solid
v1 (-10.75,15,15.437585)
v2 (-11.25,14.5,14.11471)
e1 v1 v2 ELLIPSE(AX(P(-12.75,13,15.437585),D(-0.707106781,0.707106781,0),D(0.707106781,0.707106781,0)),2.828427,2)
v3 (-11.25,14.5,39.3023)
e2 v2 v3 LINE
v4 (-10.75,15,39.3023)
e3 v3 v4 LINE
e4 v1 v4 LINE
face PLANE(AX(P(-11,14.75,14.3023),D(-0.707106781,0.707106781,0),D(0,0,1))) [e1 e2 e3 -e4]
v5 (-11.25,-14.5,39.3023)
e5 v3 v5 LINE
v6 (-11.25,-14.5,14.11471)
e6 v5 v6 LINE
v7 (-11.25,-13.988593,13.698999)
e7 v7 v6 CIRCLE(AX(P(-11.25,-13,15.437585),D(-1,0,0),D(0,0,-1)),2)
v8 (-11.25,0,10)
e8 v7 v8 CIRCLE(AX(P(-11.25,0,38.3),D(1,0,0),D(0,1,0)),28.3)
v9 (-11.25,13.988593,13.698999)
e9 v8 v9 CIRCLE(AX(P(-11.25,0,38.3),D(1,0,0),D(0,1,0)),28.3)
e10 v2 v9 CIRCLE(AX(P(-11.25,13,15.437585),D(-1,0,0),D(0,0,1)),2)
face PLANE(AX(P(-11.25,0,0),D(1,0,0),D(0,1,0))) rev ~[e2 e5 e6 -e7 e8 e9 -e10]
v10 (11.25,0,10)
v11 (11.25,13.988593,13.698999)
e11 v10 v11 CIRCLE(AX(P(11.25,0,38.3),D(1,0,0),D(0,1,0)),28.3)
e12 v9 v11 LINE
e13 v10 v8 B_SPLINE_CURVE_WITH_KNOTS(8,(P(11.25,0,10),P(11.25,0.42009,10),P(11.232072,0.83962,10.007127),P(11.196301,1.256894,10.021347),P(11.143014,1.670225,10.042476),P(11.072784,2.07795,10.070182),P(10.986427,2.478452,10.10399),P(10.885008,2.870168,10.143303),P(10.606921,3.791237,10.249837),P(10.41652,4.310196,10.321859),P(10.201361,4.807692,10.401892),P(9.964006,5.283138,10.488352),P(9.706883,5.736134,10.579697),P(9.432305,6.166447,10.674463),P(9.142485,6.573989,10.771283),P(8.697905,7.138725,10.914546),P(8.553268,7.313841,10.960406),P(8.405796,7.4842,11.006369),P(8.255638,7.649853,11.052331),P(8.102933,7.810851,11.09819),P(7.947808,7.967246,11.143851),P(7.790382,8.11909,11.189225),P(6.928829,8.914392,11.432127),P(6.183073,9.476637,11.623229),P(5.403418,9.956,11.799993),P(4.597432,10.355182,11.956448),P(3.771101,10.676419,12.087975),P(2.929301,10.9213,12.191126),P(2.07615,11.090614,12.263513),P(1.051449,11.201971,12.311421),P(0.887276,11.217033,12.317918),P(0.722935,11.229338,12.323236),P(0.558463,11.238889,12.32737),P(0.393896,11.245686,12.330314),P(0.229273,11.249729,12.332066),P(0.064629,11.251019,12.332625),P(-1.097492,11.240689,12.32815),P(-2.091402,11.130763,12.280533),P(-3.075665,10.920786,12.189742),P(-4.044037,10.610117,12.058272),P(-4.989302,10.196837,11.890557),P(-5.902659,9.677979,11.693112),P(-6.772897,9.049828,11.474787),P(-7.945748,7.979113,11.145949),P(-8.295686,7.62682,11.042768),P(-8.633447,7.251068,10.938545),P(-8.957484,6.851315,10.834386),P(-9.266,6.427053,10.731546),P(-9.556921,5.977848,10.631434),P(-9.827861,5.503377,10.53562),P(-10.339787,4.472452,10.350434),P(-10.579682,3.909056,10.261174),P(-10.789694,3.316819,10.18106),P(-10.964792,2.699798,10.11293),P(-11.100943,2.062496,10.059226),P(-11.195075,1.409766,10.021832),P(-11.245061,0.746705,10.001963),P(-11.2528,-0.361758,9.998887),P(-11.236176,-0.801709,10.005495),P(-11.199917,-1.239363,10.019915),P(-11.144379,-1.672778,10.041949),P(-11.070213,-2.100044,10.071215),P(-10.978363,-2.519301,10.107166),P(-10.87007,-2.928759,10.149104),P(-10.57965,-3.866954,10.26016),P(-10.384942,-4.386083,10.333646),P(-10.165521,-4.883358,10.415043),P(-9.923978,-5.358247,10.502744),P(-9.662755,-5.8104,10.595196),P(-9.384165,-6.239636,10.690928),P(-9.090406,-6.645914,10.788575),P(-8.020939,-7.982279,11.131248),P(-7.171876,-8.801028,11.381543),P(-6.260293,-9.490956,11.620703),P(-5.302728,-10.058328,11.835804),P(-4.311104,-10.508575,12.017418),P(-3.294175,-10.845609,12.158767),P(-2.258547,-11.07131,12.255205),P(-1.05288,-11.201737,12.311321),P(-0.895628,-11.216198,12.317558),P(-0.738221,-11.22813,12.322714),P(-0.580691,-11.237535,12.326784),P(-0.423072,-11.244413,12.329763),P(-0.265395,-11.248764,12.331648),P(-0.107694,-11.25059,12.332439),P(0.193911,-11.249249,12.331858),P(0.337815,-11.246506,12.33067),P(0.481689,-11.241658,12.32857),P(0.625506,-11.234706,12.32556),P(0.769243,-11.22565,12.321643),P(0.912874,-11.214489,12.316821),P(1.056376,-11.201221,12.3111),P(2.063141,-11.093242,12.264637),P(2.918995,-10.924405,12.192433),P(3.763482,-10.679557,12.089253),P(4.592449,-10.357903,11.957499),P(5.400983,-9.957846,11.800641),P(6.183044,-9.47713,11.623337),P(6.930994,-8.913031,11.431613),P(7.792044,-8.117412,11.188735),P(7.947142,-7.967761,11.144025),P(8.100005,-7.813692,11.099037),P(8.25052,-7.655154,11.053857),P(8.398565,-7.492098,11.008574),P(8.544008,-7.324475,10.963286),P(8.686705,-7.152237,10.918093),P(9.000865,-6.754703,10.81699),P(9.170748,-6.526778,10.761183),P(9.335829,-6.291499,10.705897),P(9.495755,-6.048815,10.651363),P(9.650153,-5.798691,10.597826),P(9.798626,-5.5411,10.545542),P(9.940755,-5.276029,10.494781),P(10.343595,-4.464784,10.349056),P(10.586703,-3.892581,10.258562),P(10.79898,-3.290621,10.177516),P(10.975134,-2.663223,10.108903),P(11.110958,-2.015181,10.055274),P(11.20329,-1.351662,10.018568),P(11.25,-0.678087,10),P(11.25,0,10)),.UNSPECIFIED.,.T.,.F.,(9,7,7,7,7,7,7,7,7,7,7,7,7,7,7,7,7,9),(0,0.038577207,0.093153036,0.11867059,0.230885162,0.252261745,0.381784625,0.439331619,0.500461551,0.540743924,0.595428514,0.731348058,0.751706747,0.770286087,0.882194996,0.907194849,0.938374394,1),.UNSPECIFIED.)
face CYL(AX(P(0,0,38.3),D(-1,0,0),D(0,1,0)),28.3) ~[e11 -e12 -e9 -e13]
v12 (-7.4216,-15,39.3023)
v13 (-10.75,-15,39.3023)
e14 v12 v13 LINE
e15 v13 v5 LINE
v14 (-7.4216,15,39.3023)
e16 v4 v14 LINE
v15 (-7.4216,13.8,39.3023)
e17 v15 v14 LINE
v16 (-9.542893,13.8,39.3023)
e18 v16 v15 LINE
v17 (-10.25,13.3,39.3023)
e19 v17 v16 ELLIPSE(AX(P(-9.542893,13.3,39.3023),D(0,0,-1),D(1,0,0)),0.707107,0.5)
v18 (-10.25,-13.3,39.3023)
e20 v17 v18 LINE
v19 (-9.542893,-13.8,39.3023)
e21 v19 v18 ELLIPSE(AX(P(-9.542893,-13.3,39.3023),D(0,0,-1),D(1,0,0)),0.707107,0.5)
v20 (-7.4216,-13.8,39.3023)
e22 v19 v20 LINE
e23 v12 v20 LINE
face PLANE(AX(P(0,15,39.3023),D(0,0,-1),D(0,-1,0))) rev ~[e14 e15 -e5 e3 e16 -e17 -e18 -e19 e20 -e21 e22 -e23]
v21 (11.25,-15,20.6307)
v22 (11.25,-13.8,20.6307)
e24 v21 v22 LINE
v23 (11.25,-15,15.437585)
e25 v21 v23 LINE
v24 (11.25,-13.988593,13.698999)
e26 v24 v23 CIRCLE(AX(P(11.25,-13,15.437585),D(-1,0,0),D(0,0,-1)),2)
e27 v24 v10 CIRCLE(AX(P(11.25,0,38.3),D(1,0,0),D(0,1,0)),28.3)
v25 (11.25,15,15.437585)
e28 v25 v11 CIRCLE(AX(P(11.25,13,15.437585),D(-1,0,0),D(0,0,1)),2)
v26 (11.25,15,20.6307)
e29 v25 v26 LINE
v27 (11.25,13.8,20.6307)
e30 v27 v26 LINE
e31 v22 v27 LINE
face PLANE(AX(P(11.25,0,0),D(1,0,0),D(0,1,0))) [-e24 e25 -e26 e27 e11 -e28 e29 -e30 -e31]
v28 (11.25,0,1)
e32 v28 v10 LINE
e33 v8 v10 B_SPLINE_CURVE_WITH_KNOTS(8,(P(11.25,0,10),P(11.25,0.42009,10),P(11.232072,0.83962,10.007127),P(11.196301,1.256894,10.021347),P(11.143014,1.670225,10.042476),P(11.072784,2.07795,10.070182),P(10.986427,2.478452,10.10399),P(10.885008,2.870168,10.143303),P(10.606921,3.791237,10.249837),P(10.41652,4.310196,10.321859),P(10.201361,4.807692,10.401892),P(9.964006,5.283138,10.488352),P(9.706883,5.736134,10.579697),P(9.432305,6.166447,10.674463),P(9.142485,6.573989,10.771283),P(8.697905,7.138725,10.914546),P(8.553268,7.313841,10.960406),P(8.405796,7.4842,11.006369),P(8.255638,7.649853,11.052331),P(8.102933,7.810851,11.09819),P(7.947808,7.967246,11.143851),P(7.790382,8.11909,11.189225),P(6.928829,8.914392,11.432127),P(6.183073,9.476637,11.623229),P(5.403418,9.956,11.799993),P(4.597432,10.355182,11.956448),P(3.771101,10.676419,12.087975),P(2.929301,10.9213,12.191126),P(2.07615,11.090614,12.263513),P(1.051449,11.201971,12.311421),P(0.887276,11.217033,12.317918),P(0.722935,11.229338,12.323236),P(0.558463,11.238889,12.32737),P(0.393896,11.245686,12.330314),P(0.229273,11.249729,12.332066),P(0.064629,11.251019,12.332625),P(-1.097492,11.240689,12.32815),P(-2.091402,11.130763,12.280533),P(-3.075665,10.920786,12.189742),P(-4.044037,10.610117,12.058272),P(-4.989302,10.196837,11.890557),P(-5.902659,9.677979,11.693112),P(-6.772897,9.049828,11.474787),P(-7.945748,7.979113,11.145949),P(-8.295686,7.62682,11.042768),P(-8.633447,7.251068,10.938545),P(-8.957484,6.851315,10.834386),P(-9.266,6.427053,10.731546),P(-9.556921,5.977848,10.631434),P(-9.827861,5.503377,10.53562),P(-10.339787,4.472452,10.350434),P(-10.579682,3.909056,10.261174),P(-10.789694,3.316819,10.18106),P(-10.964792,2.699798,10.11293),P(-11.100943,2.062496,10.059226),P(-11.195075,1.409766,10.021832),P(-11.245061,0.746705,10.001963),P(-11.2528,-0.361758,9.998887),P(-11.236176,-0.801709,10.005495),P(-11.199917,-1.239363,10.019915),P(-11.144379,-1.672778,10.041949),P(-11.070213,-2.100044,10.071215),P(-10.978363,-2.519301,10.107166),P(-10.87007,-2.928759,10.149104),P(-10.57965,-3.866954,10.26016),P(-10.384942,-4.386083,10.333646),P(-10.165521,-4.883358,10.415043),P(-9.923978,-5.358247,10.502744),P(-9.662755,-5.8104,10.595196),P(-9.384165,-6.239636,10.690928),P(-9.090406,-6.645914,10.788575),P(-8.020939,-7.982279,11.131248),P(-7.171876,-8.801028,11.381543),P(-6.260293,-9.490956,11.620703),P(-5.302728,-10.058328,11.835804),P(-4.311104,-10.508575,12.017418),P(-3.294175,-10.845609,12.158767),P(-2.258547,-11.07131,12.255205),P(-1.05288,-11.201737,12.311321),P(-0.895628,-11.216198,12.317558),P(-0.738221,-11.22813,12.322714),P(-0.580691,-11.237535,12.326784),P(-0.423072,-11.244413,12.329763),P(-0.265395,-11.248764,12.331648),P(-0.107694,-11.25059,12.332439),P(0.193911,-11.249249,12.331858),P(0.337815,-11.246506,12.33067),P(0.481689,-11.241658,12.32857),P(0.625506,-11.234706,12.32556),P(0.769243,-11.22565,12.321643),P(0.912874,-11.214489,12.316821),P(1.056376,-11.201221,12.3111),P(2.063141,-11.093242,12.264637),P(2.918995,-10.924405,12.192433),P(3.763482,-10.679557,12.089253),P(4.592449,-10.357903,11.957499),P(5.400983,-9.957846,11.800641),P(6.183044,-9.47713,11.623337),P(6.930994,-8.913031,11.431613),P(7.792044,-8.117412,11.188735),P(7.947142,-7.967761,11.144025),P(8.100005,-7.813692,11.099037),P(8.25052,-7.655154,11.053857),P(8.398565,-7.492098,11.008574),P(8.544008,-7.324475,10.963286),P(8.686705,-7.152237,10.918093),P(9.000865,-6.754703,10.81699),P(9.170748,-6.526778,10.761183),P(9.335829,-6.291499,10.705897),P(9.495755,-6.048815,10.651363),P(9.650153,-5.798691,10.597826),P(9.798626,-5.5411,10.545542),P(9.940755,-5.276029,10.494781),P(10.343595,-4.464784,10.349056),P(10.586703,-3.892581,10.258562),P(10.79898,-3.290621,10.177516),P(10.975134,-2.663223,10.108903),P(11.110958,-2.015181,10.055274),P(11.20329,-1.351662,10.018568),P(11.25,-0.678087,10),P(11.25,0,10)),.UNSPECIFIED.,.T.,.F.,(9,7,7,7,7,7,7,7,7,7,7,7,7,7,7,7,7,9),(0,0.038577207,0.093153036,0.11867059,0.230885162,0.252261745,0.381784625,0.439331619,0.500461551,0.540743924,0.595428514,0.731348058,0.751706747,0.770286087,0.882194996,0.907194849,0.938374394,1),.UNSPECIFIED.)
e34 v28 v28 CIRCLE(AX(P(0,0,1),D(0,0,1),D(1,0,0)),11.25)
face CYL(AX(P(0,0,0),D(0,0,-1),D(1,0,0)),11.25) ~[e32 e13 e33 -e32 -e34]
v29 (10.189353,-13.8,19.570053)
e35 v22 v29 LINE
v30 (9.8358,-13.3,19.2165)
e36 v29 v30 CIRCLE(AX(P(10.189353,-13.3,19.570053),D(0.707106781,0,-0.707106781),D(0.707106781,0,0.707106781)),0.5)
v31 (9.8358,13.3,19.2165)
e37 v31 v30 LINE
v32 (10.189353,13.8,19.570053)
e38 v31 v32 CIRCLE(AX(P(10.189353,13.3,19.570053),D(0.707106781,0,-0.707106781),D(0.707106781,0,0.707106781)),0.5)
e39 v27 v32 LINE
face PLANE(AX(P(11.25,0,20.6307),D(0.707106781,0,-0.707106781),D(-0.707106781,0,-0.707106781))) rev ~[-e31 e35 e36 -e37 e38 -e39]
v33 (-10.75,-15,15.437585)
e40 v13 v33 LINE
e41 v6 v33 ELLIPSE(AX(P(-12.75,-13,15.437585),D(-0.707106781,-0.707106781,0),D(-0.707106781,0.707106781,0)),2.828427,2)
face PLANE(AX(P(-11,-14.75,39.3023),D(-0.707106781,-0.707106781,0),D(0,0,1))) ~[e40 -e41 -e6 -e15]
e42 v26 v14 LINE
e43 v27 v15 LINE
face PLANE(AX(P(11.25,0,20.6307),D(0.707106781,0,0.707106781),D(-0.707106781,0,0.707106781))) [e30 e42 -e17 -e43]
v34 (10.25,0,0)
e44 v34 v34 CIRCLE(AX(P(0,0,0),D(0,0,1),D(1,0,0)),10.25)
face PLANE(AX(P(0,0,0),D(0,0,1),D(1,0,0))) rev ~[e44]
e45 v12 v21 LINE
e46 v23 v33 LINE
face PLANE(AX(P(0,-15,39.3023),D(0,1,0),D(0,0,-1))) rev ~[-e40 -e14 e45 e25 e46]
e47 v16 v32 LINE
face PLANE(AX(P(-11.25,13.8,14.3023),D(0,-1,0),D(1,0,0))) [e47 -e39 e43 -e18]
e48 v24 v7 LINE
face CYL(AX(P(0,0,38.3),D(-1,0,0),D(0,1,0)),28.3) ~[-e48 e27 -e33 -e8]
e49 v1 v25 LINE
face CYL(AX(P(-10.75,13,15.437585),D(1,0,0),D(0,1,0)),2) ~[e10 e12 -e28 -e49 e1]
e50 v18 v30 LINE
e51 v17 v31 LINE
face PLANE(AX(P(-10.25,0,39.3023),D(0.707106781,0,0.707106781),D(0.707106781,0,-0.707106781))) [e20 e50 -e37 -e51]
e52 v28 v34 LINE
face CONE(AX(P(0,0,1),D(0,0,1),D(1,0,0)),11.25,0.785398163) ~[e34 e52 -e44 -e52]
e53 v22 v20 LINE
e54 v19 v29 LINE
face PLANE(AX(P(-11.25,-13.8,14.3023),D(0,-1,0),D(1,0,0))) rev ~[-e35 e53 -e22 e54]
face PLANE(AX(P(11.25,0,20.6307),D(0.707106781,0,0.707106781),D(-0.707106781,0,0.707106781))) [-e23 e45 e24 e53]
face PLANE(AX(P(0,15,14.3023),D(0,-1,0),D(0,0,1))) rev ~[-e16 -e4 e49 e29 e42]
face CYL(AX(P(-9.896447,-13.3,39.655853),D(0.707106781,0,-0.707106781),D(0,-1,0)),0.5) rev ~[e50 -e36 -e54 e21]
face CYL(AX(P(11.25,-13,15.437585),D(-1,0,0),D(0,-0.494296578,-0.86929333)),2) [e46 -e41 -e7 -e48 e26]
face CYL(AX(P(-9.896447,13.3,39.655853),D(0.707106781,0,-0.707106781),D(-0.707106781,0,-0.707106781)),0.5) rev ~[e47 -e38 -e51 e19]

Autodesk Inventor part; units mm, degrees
ref_plane "YZ Plane" through (0, 0, 0) normal (1, 0, 0) x (0, 1, 0)
ref_plane "XZ Plane" through (0, 0, 0) normal (0, 1, 0) x (-1, 0, 0)
ref_plane "XY Plane" through (0, 0, 0) normal (0, 0, 1) x (1, 0, 0)
sketch "Sketch1" plane through (0, 0, 0) normal (1, 0, 0) x (0, 1, 0)
  circle A0 centre (0, 38.3) radius 28.3
  line L0 (-15, 14.3023) -> (15, 14.3023)
  line L1 (15, 14.3023) -> (15, 39.3023)
  line L2 (15, 39.3023) -> (-15, 39.3023)
  line L3 (-15, 39.3023) -> (-15, 14.3023)
  point P0 (0, 0)
  point P1 (0, 10)
  dimension "d0" = 56.6
  dimension "d1" = 10
  dimension "d2" = 25
  dimension "d3" = 30
extrude "Extrusion1" add sketch "Sketch1" along normal mid plane 22.5 contours L0 A0 | L3 L2 L1 L0
sketch "Sketch2" plane through (0, 0, 0) normal (0, 0, 1) x (1, 0, 0)
  circle A0 centre (0, 0) radius 11.25
  dimension "d6" = 22.5
extrude "Extrusion2" add sketch "Sketch2" along normal up to surface
sketch "Sketch3" plane through (-11.25, 0, 14.3023) normal (0, -1, 0) x (1, 0, 0)
  line L0 (0, 25) -> (22.5, 25) projected
  line L1 (22.5, 25) -> (22.5, 0) projected
  line L2 (1, 25) -> (22.5, 3.5)
  line L3 (22.5, 6.3284) -> (21.0858, 4.9142)
  line L4 (0, 0) -> (0, 25) projected
  point P0 (11.25, -14.3023)
  dimension "d12" = 45
  dimension "d13" = 1
  dimension "d14" = 2
extrude "Extrusion3" cut sketch "Sketch3" along normal mid plane 27.6 contours L0 L1 L3 L2
sketch "Sketch4" plane through (0, 0, 0) normal (0, 1, 0) x (-1, 0, 0)
  line L0 (-11.25, 14.3023) -> (-11.25, 39.3023) projected
  line L1 (-11.25, 20.6307) -> (7.4216, 39.3023)
  line L2 (10.25, 39.3023) -> (-11.25, 39.3023) projected
  line L3 (-9.8358, 19.2165) -> (10.25, 39.3023) projected
  point P0 (0, 0)
extrude "Extrusion4" cut sketch "Sketch4" along normal through all both and the other way through all
fillet "Fillet1" radius 0.5 2 edges at (-0.2071, 13.8, 29.2594) (-0.2071, -13.8, 29.2594)
chamfer "Chamfer1" distance 1 angle 45 1 edges at (-11.25, 0, 0)
chamfer "Chamfer2" distance 0.5 angle 45 2 edges at (-11.25, 15, 26.8023) (-11.25, -15, 26.8023)
fillet "Fillet2" radius 2 2 edges at (0.25, -15, 14.3023) (0.25, 15, 14.3023)
equation "\"d3\" = width"
equation "\"d10\" = sample_cut"
equation "\"width\" = 30"
equation "\"sample_cut\" = 27.6"
properties part number "pld-target-holder" material "ABS Plastic"
